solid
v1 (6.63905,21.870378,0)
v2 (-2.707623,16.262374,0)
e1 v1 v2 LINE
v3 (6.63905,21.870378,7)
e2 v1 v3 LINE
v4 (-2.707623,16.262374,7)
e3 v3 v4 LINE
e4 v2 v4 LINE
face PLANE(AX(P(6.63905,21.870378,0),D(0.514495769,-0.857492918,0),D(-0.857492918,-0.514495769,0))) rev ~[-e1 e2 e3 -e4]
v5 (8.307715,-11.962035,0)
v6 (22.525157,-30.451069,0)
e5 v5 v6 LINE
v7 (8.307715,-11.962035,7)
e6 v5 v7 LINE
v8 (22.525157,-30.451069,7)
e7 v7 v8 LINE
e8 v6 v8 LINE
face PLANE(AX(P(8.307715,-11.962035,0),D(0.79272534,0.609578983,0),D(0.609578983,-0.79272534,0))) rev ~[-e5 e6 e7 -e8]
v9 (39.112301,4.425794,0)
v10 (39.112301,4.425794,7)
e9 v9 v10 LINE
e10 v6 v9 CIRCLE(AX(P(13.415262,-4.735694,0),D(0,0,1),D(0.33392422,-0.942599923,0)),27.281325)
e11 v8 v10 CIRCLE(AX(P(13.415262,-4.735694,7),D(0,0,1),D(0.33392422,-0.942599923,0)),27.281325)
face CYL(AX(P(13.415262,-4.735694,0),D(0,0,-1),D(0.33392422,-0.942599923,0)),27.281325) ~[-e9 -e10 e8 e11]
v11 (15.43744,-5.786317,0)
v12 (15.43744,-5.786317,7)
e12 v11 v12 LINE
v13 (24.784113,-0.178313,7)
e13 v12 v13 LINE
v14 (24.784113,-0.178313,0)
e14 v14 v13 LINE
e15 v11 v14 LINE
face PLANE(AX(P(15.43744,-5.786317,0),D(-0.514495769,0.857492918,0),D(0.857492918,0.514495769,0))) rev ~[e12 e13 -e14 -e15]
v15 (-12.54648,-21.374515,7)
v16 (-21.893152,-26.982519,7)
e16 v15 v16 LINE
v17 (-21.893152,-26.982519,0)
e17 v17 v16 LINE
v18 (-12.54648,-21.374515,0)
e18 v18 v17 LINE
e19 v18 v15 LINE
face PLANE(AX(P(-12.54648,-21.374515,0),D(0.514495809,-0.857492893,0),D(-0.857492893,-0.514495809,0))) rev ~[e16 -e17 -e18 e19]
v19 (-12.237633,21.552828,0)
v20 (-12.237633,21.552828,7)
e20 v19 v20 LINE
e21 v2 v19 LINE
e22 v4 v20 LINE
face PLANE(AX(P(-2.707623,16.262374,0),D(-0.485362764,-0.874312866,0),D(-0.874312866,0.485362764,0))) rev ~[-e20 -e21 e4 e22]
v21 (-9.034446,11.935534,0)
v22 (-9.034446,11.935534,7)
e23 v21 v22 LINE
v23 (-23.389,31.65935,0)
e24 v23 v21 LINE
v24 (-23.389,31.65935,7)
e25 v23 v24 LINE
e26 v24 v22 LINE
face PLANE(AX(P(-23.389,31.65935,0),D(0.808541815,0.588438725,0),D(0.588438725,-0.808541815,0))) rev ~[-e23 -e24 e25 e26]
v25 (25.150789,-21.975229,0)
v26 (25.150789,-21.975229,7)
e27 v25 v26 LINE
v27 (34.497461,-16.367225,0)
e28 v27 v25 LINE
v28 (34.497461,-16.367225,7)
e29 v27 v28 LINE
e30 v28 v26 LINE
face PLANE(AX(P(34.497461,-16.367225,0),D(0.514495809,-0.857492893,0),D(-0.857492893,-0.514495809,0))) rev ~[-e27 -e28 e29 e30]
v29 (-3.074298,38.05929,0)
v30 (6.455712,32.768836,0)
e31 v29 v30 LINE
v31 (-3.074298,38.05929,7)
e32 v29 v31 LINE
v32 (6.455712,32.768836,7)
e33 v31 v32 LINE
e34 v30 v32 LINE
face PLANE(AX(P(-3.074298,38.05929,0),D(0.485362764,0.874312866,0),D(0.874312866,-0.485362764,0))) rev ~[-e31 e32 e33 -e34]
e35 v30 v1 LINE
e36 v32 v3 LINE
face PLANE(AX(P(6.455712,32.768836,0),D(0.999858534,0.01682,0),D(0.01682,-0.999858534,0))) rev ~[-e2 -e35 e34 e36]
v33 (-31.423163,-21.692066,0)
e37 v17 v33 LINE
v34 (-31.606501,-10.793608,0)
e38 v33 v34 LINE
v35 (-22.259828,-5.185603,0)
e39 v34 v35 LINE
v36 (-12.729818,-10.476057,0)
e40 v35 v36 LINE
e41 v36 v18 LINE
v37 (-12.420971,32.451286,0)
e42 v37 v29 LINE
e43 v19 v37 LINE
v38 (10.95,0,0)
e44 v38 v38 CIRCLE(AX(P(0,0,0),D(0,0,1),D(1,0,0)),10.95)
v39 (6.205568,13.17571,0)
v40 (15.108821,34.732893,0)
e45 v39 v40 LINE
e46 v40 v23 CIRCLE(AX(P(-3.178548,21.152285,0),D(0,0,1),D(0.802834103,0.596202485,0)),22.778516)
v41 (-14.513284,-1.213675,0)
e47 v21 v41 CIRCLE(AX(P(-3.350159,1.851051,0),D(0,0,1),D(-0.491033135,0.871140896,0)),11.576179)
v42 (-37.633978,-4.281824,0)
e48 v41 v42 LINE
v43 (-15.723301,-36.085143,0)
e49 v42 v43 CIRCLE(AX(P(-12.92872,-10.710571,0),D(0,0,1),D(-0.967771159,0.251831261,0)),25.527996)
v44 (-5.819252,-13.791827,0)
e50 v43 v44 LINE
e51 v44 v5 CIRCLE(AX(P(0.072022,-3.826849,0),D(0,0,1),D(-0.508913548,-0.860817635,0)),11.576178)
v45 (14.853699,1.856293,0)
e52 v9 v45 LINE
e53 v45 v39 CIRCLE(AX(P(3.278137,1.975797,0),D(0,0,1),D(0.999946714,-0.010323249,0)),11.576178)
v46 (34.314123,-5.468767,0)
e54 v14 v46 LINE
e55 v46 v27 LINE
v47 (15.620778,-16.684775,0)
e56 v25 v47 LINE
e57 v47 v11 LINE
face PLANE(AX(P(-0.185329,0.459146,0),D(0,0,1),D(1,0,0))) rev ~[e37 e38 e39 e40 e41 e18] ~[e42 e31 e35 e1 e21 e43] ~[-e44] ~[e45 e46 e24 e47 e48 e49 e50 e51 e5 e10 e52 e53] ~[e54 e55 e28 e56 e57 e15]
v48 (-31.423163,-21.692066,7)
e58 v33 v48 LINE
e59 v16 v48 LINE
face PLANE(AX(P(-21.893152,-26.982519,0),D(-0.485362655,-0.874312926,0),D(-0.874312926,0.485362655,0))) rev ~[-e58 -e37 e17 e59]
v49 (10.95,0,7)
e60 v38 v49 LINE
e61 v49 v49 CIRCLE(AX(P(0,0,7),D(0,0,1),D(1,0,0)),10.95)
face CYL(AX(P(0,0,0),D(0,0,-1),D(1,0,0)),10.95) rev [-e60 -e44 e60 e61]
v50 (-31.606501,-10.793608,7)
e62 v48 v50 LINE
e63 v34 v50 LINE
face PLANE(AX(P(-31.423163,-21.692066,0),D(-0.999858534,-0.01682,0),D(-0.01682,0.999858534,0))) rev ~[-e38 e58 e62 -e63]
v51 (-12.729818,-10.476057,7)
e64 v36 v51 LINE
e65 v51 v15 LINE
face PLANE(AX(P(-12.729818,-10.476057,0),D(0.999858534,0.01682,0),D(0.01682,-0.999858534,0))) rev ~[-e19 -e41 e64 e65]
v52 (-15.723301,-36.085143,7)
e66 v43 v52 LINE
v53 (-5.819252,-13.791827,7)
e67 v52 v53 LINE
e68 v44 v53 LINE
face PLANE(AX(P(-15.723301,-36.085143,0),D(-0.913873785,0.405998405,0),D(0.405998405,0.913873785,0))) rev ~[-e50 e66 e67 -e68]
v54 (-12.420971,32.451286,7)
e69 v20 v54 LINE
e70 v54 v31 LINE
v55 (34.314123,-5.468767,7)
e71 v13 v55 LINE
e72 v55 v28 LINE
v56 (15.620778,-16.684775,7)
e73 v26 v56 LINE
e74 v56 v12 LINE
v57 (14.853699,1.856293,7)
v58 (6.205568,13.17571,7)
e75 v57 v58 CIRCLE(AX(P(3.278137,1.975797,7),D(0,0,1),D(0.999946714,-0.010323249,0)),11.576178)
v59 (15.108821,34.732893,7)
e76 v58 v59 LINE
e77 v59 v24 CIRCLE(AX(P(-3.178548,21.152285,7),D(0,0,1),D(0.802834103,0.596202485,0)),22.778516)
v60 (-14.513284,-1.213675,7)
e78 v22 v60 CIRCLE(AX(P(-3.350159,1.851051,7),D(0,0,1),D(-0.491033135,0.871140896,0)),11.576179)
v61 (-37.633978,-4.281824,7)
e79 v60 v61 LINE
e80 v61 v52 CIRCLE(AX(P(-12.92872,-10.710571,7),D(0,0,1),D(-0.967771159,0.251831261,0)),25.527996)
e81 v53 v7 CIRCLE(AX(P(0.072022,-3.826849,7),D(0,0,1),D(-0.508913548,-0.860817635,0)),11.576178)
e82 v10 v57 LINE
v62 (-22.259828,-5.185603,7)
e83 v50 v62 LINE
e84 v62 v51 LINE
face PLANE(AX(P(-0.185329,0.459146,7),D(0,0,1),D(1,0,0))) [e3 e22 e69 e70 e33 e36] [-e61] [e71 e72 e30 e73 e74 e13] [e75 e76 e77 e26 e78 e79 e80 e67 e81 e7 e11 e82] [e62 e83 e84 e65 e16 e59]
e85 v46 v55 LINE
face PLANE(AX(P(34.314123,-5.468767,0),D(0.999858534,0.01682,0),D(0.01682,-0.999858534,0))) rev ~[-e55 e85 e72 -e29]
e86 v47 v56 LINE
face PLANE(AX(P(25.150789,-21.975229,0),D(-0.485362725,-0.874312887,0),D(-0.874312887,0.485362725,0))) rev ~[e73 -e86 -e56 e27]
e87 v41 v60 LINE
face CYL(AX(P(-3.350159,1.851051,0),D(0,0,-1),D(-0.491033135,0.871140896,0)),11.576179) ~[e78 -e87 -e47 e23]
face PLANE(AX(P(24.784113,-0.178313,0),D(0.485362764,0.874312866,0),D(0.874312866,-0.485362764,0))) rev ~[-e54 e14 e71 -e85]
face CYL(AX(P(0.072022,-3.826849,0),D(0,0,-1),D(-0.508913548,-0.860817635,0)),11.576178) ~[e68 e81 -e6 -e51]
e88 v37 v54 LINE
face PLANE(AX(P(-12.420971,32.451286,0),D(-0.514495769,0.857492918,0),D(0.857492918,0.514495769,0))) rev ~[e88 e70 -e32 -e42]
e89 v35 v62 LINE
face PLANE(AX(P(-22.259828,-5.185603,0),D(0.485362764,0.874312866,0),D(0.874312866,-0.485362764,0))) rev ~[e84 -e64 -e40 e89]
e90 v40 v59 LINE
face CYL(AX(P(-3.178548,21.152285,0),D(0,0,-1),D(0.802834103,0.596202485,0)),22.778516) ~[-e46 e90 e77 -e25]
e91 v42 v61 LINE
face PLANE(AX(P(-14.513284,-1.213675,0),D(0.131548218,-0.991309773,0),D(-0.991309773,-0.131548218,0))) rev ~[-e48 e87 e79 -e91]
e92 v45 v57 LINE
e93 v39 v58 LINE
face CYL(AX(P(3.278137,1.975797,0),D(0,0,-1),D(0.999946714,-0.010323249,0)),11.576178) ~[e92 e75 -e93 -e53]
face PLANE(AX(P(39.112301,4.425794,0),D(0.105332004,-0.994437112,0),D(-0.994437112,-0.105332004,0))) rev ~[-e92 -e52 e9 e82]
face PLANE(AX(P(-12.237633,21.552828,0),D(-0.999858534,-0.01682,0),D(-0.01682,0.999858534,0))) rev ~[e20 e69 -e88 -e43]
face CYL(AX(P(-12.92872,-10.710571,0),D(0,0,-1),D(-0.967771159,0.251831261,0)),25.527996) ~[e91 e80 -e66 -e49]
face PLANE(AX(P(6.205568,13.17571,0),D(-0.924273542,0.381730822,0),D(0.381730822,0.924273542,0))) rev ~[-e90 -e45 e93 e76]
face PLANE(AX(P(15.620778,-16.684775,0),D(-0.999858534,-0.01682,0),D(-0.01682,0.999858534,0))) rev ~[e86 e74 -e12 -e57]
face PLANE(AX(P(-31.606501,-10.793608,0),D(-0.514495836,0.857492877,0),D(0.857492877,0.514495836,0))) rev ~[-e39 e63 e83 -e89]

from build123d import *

# Parameters (mm, degrees)
F0_R     = 10.95
F1_DEPTH = 7


with BuildPart() as f1:
    # F0 (on Top) → F1 (new body)
    with BuildSketch(Plane.XY):
        with BuildLine():
            Line((-23.389, 31.65935), (-9.034446, 11.935534))
            ThreePointArc((-9.034446, 11.935534), (-14.035862, 6.303428), (-14.513284, -1.213675))
            Line((-14.513284, -1.213675), (-37.633978, -4.281824))
            ThreePointArc((-37.633978, -4.281824), (-33.950686, -25.19351), (-15.723301, -36.085143))
            Line((-15.723301, -36.085143), (-5.819252, -13.791827))
            ThreePointArc((-5.819252, -13.791827), (1.559002, -15.307127), (8.307715, -11.962035))
            Line((8.307715, -11.962035), (22.525157, -30.451069))
            ThreePointArc((22.525157, -30.451069), (38.052217, -16.452824), (39.112301, 4.425794))
            Line((39.112301, 4.425794), (14.853699, 1.856293))
            ThreePointArc((14.853699, 1.856293), (12.47686, 9.003699), (6.205568, 13.17571))
            Line((6.205568, 13.17571), (15.108821, 34.732893))
            ThreePointArc((15.108821, 34.732893), (-4.991344, 43.858552), (-23.389, 31.65935))
        make_face()
        Polygon((-12.54648, -21.374515), (-21.893152, -26.982519), (-31.423163, -21.692066), (-31.606501, -10.793608), (-22.259828, -5.185603), (-12.729818, -10.476057), align=None, mode=Mode.SUBTRACT)
        Circle(F0_R, mode=Mode.SUBTRACT)
        Polygon((24.784113, -0.178313), (34.314123, -5.468767), (34.497461, -16.367225), (25.150789, -21.975229), (15.620778, -16.684775), (15.43744, -5.786317), align=None, mode=Mode.SUBTRACT)
        Polygon((6.455712, 32.768836), (6.63905, 21.870378), (-2.707623, 16.262374), (-12.237633, 21.552828), (-12.420971, 32.451286), (-3.074298, 38.05929), align=None, mode=Mode.SUBTRACT)
    extrude(amount=F1_DEPTH)


solid = f1.part
